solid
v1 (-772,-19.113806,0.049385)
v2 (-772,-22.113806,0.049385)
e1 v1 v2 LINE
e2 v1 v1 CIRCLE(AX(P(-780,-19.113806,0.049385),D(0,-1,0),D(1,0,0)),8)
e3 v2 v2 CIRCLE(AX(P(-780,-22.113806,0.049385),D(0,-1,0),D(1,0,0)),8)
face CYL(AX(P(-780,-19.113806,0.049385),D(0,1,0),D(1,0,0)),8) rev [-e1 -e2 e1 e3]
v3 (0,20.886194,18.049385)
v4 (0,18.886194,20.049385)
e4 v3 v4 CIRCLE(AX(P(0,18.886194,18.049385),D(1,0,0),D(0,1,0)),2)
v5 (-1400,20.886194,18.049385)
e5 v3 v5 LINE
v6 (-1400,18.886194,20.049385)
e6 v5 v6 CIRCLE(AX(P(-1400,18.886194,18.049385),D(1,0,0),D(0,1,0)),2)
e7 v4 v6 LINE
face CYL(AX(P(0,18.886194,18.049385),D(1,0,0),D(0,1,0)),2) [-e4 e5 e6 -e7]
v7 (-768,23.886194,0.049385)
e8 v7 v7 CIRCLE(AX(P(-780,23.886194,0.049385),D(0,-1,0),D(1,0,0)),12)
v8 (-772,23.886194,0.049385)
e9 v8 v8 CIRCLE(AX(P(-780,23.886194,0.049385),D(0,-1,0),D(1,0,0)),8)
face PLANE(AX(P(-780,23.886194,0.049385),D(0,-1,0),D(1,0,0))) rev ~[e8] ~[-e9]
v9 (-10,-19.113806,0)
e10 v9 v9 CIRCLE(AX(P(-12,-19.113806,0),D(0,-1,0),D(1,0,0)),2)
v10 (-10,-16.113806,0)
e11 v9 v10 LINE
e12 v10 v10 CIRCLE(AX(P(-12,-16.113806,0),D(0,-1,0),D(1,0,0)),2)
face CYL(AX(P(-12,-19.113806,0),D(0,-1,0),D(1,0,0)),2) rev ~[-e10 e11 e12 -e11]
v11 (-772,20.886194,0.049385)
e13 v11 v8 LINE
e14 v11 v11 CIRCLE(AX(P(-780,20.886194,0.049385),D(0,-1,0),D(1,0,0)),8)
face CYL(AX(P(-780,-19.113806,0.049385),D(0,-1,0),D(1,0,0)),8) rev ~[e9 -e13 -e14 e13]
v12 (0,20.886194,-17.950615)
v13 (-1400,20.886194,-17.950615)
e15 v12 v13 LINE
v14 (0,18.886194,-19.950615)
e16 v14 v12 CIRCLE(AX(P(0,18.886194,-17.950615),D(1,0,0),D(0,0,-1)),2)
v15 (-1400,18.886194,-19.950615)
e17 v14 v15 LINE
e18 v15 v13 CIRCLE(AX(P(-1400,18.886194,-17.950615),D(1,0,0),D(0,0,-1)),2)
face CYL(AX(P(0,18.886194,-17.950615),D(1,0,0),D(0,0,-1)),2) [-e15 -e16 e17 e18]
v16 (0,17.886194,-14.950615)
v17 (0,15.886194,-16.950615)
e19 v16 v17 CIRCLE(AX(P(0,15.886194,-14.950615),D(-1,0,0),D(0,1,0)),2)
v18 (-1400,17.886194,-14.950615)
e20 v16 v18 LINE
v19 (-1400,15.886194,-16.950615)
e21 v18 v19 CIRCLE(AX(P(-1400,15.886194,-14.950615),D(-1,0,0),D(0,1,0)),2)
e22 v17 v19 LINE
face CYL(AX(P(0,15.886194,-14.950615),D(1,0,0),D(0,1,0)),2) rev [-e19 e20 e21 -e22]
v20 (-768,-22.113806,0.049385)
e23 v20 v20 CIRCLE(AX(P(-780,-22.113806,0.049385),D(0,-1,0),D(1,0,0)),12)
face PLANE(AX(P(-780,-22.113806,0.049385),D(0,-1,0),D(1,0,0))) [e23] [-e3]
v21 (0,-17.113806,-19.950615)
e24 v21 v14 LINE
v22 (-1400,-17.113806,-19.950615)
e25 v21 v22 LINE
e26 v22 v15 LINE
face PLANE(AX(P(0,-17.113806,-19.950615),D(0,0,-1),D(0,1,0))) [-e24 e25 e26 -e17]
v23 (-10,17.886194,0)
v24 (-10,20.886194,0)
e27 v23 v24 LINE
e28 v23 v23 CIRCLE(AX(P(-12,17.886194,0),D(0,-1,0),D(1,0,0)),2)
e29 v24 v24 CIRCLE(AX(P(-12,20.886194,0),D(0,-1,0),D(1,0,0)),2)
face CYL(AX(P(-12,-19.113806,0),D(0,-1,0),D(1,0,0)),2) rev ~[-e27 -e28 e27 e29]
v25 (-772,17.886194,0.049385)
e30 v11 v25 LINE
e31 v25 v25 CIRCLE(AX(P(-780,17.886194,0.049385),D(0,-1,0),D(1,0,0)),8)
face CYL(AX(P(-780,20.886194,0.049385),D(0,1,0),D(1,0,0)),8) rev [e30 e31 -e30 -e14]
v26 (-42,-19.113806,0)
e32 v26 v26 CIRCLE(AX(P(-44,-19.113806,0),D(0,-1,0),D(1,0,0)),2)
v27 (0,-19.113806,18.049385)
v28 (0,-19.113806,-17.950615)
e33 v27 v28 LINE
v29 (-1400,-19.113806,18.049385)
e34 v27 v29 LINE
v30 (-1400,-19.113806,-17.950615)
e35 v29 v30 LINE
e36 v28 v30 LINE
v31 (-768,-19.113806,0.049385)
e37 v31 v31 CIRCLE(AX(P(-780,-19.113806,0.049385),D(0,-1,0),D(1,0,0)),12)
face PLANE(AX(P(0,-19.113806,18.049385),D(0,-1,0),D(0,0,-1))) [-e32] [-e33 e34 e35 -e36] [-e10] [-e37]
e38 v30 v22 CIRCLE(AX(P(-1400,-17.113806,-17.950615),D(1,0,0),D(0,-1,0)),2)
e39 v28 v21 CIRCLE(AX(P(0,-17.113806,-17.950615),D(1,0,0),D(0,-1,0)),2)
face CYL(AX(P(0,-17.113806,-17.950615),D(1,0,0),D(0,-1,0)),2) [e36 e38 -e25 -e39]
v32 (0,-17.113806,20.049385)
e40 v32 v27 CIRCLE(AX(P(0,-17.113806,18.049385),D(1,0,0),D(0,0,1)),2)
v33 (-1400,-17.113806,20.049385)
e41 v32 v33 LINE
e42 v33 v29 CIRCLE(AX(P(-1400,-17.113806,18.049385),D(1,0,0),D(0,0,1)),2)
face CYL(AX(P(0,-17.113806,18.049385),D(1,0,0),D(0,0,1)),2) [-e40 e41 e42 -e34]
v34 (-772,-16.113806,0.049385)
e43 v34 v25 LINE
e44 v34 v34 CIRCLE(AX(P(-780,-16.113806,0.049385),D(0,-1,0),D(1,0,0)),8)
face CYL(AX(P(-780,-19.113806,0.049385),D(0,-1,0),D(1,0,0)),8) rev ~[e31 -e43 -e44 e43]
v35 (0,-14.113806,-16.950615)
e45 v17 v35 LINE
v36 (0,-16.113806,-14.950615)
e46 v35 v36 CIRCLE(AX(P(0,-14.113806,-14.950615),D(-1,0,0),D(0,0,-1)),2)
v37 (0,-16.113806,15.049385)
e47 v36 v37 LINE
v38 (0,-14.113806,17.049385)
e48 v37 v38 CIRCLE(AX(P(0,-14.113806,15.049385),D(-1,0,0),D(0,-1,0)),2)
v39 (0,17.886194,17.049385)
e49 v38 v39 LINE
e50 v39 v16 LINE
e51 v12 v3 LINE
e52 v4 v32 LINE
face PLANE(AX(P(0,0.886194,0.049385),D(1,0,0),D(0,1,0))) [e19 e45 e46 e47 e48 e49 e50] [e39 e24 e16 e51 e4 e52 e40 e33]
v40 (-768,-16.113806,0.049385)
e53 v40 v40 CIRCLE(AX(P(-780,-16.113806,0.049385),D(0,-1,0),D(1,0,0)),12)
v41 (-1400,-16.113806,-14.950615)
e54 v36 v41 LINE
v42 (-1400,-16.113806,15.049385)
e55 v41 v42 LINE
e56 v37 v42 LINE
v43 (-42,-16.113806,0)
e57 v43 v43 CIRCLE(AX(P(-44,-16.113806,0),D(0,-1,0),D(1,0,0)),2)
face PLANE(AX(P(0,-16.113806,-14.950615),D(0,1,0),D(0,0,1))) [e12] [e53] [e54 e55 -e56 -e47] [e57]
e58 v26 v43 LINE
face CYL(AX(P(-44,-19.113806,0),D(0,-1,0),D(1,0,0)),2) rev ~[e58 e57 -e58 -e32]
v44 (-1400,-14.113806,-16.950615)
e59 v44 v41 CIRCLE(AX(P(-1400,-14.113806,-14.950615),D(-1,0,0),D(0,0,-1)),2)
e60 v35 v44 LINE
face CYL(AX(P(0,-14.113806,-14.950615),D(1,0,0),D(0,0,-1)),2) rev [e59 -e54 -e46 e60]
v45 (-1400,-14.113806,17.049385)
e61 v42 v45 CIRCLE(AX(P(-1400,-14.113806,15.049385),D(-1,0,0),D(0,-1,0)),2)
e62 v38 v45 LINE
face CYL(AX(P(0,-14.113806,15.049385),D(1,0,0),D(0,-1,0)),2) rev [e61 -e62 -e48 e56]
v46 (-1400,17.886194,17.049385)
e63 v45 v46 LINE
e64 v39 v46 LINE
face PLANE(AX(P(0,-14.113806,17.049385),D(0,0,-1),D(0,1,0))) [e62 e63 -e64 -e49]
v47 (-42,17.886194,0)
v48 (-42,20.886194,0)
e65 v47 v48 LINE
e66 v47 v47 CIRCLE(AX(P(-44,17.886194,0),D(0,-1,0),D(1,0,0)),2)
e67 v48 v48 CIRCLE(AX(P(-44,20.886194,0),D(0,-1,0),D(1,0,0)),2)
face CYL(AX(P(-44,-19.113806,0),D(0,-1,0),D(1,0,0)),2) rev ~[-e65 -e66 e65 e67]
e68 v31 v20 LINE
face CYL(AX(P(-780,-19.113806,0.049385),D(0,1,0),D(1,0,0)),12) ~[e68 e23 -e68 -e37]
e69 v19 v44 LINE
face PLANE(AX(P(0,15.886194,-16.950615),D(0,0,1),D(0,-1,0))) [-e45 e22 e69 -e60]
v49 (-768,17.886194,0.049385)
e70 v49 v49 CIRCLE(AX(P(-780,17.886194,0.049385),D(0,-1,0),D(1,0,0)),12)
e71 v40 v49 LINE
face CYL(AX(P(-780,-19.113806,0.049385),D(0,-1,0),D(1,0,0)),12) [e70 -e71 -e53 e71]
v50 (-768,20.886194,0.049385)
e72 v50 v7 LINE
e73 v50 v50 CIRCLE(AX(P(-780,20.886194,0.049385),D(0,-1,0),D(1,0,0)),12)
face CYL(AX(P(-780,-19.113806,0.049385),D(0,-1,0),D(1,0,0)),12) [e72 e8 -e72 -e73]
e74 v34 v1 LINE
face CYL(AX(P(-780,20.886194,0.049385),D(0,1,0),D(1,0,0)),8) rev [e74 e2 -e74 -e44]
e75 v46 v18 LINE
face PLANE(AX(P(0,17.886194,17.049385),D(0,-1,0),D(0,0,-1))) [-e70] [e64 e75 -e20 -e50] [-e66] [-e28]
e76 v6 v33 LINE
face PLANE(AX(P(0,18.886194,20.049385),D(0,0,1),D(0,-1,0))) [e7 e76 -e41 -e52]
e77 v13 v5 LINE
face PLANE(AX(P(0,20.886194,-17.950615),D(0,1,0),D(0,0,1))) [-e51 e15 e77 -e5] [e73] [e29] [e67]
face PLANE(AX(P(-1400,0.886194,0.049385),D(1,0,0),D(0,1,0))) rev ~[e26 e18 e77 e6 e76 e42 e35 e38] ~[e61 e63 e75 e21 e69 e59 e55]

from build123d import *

# Parameters (mm, degrees)
F3_DEPTH      = 1400
F4_R          = 12
F4_R_2        = 8
F5_DEPTH      = 3
F5_DEPTH_BACK = 43
F6_DEPTH      = 63
F4_R_3        = 2
F7_DEPTH      = 50000


with BuildPart() as f3:
    # F2 (on Right) → F3 (new body)
    with BuildSketch(Plane.YZ):
        with BuildLine():
            Line((18.886194054, 20.0493852866), (-17.113805946, 20.0493852866))
            ThreePointArc((-17.113805946, 20.0493852866), (-18.5280195083, 19.463598849), (-19.113805946, 18.0493852866))
            Line((-19.113805946, 18.0493852866), (-19.113805946, -17.9506147134))
            ThreePointArc((-19.113805946, -17.9506147134), (-18.5280195083, -19.3648282758), (-17.113805946, -19.9506147134))
            Line((-17.113805946, -19.9506147134), (18.886194054, -19.9506147134))
            ThreePointArc((18.886194054, -19.9506147134), (20.3004076164, -19.3648282758), (20.886194054, -17.9506147134))
            Line((20.886194054, -17.9506147134), (20.886194054, 18.0493852866))
            ThreePointArc((20.886194054, 18.0493852866), (20.3004076164, 19.463598849), (18.886194054, 20.0493852866))
        make_face()
        with BuildLine():
            Line((-16.113805946, -14.9506147134), (-16.113805946, 15.0493852866))
            ThreePointArc((-16.113805946, 15.0493852866), (-15.5280195083, 16.463598849), (-14.113805946, 17.0493852866))
            Line((-14.113805946, 17.0493852866), (17.886194054, 17.0493852866))
            Line((17.886194054, 17.0493852866), (17.886194054, -14.9506147134))
            ThreePointArc((17.886194054, -14.9506147134), (17.3004076164, -16.3648282758), (15.886194054, -16.9506147134))
            Line((15.886194054, -16.9506147134), (-14.113805946, -16.9506147134))
            ThreePointArc((-14.113805946, -16.9506147134), (-15.5280195083, -16.3648282758), (-16.113805946, -14.9506147134))
        make_face(mode=Mode.SUBTRACT)
    extrude(amount=-F3_DEPTH)

    # F4 (on face) → F5 (join, two sides)
    with BuildSketch(Plane.XZ.offset(19.113805946)) as f5_sk:
        with Locations((-780, 0.0493852866)):
            Circle(F4_R)
        with Locations((-780, 0.0493852866)):
            Circle(F4_R_2, mode=Mode.SUBTRACT)
    extrude(amount=F5_DEPTH)
    extrude(f5_sk.sketch, amount=-F5_DEPTH_BACK)

    # F6 (cut): a face of the model
    f6_faces = [f3.faces().sort_by_distance(p)[0] for p in [
        (-780, 20.886194054, 0.0493852866),
    ]]
    extrude(f6_faces, amount=-F6_DEPTH, mode=Mode.SUBTRACT)

    # F4 (on face) → F7 (cut)
    with BuildSketch(Plane.XZ.offset(19.113805946)):
        with Locations((-44, 0)):
            Circle(F4_R_3)
        with Locations((-12, 0)):
            Circle(F4_R_3)
    extrude(amount=-F7_DEPTH, mode=Mode.SUBTRACT)


solid = f3.part
